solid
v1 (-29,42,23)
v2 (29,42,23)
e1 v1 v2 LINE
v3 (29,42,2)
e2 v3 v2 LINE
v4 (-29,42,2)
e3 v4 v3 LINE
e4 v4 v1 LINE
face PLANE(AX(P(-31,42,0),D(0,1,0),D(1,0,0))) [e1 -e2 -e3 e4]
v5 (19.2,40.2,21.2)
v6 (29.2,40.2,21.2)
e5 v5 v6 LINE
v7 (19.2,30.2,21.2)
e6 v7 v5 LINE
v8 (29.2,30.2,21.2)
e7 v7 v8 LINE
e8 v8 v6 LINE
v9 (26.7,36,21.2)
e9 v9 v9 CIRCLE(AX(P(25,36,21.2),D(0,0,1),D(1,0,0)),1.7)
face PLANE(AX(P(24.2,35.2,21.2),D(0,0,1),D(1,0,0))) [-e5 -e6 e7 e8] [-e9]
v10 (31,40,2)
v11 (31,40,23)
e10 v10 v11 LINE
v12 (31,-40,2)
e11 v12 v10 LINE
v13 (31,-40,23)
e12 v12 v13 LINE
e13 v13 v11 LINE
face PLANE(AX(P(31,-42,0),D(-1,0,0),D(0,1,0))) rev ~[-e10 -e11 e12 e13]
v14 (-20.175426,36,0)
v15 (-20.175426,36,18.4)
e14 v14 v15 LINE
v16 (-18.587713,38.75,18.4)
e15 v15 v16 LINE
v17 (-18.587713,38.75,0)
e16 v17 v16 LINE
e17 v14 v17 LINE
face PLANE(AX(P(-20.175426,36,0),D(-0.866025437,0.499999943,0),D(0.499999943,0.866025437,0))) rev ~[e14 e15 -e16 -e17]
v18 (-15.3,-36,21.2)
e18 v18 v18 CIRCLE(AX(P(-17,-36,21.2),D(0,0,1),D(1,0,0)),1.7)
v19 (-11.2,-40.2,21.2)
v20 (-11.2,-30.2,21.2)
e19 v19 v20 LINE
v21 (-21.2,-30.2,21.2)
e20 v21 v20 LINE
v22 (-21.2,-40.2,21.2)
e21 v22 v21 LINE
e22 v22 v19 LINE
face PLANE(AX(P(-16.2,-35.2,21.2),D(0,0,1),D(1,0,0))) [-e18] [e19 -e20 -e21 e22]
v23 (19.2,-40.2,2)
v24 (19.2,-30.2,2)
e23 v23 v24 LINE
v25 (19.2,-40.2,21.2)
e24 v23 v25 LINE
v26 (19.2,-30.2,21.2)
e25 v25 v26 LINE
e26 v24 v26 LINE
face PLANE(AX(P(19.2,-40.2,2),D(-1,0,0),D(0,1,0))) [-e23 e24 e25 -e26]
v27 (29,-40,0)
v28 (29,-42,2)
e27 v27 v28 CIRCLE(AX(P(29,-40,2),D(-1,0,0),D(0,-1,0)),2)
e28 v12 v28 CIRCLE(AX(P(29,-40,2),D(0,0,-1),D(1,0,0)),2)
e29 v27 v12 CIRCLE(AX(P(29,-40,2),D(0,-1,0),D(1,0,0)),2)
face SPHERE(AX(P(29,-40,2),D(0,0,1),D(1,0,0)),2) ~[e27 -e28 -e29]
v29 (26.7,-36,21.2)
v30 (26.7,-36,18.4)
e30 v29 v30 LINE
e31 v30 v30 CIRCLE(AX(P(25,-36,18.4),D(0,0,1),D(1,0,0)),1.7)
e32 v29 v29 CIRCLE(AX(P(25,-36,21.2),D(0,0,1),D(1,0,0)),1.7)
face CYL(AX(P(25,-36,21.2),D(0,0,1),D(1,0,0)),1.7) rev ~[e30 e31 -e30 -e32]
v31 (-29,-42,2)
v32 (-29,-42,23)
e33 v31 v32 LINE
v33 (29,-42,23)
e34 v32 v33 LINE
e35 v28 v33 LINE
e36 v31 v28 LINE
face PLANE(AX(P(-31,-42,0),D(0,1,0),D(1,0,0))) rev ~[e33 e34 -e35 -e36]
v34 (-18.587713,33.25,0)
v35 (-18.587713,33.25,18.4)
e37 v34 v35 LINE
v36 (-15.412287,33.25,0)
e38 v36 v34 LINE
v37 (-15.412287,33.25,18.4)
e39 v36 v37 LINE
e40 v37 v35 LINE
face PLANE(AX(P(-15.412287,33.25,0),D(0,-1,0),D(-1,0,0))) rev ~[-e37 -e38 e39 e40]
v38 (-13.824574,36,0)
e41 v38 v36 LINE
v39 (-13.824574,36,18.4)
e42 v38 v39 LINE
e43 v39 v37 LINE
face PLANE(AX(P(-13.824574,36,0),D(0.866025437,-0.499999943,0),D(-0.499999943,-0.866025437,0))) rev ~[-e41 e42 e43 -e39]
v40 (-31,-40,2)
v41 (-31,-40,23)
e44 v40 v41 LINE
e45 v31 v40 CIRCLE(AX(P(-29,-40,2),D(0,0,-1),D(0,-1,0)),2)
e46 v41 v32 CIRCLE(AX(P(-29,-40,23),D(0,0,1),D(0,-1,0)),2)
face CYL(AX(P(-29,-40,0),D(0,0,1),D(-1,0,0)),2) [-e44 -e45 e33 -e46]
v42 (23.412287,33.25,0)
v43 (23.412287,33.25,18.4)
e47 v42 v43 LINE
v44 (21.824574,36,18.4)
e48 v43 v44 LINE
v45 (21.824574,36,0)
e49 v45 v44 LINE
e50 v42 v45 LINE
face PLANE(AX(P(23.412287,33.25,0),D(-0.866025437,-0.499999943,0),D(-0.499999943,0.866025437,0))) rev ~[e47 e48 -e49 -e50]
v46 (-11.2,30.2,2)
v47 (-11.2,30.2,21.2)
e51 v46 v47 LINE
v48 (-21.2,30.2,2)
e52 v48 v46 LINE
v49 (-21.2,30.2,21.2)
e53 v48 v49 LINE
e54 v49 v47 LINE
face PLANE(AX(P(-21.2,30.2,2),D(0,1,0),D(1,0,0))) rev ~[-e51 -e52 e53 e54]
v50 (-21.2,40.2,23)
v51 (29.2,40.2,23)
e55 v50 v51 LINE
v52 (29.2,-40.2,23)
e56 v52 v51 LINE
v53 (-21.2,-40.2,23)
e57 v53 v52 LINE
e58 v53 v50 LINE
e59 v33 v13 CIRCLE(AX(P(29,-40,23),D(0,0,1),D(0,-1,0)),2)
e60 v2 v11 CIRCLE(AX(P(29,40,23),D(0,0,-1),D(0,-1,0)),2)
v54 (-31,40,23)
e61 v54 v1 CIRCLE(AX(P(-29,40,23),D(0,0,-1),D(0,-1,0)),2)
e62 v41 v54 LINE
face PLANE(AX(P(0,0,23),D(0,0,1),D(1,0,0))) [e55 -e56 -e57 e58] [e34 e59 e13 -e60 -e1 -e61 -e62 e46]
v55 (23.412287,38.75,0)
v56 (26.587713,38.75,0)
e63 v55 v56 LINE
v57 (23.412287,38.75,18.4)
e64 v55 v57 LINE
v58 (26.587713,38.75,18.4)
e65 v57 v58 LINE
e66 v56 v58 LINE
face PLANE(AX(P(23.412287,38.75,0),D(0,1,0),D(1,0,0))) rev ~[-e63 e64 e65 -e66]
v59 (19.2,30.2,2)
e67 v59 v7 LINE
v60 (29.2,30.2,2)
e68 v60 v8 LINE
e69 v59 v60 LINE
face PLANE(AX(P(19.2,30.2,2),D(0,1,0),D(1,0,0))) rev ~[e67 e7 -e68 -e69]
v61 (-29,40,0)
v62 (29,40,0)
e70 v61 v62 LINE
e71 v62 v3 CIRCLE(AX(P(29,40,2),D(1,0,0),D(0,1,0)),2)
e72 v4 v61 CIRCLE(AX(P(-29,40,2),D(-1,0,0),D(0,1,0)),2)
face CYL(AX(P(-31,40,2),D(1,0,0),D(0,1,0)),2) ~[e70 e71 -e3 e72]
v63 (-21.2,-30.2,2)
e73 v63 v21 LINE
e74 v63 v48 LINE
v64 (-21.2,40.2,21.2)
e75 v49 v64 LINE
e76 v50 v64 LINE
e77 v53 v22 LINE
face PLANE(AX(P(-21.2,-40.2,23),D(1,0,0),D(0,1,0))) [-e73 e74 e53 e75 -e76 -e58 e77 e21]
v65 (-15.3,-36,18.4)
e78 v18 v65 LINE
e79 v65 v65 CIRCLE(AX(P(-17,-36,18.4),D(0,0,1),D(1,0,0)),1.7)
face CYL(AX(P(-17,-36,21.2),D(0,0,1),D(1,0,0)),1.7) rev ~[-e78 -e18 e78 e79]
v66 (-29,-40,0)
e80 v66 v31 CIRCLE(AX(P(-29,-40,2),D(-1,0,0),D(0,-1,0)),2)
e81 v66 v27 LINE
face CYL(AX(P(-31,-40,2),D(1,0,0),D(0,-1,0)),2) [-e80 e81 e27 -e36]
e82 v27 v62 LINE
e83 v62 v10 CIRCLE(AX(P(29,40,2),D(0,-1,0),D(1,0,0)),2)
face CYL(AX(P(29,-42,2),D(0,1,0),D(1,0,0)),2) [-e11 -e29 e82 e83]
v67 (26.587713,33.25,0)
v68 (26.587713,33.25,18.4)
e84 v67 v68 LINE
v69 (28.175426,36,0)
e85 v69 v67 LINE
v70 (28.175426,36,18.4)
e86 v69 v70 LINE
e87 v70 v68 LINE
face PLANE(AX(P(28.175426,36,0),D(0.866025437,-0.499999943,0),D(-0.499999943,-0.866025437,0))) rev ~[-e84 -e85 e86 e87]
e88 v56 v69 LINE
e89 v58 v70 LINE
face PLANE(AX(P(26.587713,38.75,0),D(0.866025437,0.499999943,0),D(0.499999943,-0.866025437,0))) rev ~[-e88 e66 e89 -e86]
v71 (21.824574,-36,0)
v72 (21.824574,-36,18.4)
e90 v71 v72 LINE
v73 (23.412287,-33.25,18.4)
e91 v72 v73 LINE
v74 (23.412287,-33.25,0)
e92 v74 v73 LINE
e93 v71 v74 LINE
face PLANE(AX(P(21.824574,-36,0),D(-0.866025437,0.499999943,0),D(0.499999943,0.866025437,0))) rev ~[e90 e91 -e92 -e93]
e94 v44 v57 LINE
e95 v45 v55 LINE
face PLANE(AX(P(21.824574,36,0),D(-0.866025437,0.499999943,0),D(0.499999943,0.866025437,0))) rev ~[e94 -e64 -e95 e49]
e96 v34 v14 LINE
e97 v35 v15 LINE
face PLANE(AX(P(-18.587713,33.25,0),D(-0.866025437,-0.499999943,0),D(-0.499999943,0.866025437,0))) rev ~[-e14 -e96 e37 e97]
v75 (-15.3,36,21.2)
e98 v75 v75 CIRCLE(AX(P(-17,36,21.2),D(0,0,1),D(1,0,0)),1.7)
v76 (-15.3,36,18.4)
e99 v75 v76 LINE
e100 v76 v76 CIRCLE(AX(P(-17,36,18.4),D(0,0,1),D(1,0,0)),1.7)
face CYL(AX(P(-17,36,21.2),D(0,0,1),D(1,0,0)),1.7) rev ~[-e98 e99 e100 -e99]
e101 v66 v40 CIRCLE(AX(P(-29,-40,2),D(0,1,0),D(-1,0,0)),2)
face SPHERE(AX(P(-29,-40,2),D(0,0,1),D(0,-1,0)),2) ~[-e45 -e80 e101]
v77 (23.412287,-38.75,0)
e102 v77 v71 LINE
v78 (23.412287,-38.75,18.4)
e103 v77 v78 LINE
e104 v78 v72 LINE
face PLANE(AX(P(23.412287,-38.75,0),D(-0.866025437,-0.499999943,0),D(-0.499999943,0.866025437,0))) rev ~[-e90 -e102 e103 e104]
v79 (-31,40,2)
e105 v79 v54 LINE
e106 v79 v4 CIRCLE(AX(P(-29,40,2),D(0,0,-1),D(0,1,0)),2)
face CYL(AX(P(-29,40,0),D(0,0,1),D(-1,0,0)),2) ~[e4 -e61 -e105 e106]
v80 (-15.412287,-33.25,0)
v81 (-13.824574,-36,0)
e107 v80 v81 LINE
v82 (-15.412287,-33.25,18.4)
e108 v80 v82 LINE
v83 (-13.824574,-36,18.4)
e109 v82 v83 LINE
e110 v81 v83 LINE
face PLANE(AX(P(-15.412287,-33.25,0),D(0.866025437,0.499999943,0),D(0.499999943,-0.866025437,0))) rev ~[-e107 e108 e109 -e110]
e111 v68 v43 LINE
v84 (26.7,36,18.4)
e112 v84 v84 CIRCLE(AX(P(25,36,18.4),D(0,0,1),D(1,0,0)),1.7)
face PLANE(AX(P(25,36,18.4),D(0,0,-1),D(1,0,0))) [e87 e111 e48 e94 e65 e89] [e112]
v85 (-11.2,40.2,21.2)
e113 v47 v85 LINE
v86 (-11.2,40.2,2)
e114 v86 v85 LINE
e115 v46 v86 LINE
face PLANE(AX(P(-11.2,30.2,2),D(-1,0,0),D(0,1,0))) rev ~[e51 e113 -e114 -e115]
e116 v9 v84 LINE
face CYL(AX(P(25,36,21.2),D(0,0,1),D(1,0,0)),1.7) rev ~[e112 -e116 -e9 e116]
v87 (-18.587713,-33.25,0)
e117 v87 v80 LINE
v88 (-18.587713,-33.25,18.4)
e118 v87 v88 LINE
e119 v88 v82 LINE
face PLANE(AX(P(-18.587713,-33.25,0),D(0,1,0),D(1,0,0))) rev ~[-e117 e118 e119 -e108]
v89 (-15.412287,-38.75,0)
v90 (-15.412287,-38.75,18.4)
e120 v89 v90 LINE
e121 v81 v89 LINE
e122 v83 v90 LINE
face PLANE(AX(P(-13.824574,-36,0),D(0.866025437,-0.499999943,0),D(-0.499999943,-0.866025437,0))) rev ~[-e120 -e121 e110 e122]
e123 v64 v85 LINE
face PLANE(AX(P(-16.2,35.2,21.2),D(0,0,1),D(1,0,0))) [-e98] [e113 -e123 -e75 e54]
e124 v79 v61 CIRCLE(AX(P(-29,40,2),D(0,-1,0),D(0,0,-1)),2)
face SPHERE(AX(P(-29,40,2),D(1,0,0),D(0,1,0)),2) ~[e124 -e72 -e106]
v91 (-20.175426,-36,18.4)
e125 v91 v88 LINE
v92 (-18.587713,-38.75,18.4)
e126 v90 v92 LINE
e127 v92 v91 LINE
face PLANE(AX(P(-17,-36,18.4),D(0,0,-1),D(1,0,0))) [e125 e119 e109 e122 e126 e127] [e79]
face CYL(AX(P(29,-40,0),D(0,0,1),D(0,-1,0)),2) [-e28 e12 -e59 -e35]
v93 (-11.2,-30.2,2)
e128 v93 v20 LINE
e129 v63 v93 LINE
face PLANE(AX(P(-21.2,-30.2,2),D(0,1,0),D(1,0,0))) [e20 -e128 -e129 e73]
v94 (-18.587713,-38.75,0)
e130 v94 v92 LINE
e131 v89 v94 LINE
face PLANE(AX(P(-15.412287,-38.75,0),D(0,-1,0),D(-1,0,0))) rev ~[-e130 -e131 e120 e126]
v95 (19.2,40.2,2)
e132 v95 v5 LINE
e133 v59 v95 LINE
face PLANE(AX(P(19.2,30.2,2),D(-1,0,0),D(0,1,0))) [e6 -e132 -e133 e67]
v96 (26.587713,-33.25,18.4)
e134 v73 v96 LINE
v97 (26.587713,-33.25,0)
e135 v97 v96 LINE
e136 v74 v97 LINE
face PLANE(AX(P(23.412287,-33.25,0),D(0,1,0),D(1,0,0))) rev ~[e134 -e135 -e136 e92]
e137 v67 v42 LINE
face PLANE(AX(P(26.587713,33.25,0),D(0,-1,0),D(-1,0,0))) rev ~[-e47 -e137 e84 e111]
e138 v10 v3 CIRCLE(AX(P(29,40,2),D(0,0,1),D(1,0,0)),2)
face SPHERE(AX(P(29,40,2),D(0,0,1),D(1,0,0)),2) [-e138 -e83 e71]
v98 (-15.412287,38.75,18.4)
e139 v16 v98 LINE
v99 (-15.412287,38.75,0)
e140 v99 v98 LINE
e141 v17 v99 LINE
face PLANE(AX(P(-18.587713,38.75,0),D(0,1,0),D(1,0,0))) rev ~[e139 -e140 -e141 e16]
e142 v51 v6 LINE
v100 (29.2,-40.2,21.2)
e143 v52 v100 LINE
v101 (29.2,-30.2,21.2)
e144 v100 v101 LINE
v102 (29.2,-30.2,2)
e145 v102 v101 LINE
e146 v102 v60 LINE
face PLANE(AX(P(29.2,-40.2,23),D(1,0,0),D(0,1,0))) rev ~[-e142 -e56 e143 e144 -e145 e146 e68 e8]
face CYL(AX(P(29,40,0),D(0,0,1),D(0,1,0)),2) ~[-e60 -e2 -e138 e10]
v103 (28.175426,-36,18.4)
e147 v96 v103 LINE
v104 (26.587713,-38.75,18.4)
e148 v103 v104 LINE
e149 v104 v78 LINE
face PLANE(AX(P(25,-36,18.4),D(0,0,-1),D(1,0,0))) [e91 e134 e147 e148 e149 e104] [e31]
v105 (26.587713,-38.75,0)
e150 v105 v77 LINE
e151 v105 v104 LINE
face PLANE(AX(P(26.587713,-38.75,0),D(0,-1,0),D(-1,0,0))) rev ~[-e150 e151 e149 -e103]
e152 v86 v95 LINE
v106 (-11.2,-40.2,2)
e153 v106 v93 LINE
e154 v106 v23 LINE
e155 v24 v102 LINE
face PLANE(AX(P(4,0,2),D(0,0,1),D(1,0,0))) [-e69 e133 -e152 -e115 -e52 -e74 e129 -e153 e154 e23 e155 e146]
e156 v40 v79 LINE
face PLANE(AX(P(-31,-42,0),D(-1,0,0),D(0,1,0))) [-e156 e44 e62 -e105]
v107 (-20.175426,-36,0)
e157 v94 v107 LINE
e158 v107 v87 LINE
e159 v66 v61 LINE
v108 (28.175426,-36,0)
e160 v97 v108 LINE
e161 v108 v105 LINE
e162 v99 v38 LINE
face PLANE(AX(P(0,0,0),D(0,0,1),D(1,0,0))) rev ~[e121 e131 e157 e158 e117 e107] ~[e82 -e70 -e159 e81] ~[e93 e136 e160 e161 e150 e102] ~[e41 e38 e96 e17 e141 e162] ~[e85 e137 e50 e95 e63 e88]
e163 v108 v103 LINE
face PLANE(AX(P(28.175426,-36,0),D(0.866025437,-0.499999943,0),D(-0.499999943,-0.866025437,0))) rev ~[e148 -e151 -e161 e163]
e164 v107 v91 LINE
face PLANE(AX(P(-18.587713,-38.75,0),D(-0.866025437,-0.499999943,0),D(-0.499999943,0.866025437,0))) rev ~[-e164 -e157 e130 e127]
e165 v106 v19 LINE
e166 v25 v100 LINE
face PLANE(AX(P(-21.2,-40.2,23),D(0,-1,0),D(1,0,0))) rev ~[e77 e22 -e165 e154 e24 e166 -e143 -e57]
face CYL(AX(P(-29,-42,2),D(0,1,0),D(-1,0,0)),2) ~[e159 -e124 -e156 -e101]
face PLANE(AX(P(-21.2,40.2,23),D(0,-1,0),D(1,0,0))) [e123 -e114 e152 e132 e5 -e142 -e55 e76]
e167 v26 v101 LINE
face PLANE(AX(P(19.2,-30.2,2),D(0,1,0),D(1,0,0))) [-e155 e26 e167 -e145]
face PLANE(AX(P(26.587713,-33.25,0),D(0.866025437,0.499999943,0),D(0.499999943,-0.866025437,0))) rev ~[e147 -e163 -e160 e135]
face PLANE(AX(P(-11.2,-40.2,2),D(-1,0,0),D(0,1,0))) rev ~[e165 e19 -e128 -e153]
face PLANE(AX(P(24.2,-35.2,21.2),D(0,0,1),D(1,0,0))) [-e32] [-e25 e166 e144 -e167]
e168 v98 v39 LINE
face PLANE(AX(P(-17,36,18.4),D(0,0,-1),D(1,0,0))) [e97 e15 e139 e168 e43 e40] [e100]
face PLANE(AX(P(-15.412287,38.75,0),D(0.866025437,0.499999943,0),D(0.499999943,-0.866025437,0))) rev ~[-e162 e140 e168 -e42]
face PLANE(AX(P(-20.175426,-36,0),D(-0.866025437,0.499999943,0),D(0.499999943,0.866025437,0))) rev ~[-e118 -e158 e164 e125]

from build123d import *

# Parameters (mm, degrees)
SKETCH024_W     = 62
SKETCH024_H     = 84
PAD007_DEPTH    = 23
SKETCH025_W     = 50.4
SKETCH025_H     = 80.4
POCKET015_DEPTH = 21
SKETCH026_W     = 10
SKETCH026_H     = 10
PAD008_DEPTH    = 19.2
SKETCH027_R     = 1.7
POCKET016_DEPTH = 21.2
POCKET017_DEPTH = 18.4
FILLET004_R     = 2


with BuildPart() as part:
    # Sketch024 → Pad007 (new body)
    with BuildSketch(Plane.XY):
        Rectangle(SKETCH024_W, SKETCH024_H)
    extrude(amount=PAD007_DEPTH)

    # Sketch025 (on Face6 of Pad007) → Pocket015 (cut)
    with BuildSketch(Plane.XY.offset(23)):
        with Locations((4, 0)):
            Rectangle(SKETCH025_W, SKETCH025_H)
    extrude(amount=-POCKET015_DEPTH, mode=Mode.SUBTRACT)

    # Sketch026 (on Face11 of Pocket015) → Pad008 (join)
    with BuildSketch(Plane.XY.offset(2)):
        with Locations((-16.2, 35.2)):
            Rectangle(SKETCH026_W, SKETCH026_H)
        with Locations((24.2, 35.2)):
            Rectangle(SKETCH026_W, SKETCH026_H)
        with Locations((24.2, -35.2)):
            Rectangle(SKETCH026_W, SKETCH026_H)
        with Locations((-16.2, -35.2)):
            Rectangle(SKETCH026_W, SKETCH026_H)
    extrude(amount=PAD008_DEPTH)

    # Sketch027 (on Face19 of Pad008) → Pocket016 (cut)
    with BuildSketch(Plane.XY.offset(21.2)):
        with Locations((25, 36)):
            Circle(SKETCH027_R)
        with Locations((-17, 36)):
            Circle(SKETCH027_R)
        with Locations((25, -36)):
            Circle(SKETCH027_R)
        with Locations((-17, -36)):
            Circle(SKETCH027_R)
    extrude(amount=-POCKET016_DEPTH, mode=Mode.SUBTRACT)

    # Sketch028 (on Face4 of Pocket016) → Pocket017 (cut)
    with BuildSketch(Plane(origin=(0, 0, 0), x_dir=(1, 0, 0), z_dir=(0, 0, -1))):
        Polygon((-15.412287, 33.25), (-13.824574, 36), (-15.412287, 38.75), (-18.587713, 38.75), (-20.175426, 36), (-18.587713, 33.25), align=None)
        Polygon((23.412287, 33.25), (26.587713, 33.25), (28.175426, 36), (26.587713, 38.75), (23.412287, 38.75), (21.824574, 36), align=None)
        Polygon((-15.412287, -33.25), (-18.587713, -33.25), (-20.175426, -36), (-18.587713, -38.75), (-15.412287, -38.75), (-13.824574, -36), align=None)
        Polygon((26.587713, -33.25), (23.412287, -33.25), (21.824574, -36), (23.412287, -38.75), (26.587713, -38.75), (28.175426, -36), align=None)
    extrude(amount=-POCKET017_DEPTH, mode=Mode.SUBTRACT)

    # Fillet004
    fillet004_edges = [part.edges().sort_by_distance(p)[0] for p in [
        (-31, -42, 11.5),
        (31, -42, 11.5),
        (31, 42, 11.5),
        (31, 0, 0),
        (0, -42, 0),
        (0, 42, 0),
        (-31, 42, 11.5),
        (-31, 0, 0),
    ]]
    fillet(fillet004_edges, radius=FILLET004_R)


solid = part.part
